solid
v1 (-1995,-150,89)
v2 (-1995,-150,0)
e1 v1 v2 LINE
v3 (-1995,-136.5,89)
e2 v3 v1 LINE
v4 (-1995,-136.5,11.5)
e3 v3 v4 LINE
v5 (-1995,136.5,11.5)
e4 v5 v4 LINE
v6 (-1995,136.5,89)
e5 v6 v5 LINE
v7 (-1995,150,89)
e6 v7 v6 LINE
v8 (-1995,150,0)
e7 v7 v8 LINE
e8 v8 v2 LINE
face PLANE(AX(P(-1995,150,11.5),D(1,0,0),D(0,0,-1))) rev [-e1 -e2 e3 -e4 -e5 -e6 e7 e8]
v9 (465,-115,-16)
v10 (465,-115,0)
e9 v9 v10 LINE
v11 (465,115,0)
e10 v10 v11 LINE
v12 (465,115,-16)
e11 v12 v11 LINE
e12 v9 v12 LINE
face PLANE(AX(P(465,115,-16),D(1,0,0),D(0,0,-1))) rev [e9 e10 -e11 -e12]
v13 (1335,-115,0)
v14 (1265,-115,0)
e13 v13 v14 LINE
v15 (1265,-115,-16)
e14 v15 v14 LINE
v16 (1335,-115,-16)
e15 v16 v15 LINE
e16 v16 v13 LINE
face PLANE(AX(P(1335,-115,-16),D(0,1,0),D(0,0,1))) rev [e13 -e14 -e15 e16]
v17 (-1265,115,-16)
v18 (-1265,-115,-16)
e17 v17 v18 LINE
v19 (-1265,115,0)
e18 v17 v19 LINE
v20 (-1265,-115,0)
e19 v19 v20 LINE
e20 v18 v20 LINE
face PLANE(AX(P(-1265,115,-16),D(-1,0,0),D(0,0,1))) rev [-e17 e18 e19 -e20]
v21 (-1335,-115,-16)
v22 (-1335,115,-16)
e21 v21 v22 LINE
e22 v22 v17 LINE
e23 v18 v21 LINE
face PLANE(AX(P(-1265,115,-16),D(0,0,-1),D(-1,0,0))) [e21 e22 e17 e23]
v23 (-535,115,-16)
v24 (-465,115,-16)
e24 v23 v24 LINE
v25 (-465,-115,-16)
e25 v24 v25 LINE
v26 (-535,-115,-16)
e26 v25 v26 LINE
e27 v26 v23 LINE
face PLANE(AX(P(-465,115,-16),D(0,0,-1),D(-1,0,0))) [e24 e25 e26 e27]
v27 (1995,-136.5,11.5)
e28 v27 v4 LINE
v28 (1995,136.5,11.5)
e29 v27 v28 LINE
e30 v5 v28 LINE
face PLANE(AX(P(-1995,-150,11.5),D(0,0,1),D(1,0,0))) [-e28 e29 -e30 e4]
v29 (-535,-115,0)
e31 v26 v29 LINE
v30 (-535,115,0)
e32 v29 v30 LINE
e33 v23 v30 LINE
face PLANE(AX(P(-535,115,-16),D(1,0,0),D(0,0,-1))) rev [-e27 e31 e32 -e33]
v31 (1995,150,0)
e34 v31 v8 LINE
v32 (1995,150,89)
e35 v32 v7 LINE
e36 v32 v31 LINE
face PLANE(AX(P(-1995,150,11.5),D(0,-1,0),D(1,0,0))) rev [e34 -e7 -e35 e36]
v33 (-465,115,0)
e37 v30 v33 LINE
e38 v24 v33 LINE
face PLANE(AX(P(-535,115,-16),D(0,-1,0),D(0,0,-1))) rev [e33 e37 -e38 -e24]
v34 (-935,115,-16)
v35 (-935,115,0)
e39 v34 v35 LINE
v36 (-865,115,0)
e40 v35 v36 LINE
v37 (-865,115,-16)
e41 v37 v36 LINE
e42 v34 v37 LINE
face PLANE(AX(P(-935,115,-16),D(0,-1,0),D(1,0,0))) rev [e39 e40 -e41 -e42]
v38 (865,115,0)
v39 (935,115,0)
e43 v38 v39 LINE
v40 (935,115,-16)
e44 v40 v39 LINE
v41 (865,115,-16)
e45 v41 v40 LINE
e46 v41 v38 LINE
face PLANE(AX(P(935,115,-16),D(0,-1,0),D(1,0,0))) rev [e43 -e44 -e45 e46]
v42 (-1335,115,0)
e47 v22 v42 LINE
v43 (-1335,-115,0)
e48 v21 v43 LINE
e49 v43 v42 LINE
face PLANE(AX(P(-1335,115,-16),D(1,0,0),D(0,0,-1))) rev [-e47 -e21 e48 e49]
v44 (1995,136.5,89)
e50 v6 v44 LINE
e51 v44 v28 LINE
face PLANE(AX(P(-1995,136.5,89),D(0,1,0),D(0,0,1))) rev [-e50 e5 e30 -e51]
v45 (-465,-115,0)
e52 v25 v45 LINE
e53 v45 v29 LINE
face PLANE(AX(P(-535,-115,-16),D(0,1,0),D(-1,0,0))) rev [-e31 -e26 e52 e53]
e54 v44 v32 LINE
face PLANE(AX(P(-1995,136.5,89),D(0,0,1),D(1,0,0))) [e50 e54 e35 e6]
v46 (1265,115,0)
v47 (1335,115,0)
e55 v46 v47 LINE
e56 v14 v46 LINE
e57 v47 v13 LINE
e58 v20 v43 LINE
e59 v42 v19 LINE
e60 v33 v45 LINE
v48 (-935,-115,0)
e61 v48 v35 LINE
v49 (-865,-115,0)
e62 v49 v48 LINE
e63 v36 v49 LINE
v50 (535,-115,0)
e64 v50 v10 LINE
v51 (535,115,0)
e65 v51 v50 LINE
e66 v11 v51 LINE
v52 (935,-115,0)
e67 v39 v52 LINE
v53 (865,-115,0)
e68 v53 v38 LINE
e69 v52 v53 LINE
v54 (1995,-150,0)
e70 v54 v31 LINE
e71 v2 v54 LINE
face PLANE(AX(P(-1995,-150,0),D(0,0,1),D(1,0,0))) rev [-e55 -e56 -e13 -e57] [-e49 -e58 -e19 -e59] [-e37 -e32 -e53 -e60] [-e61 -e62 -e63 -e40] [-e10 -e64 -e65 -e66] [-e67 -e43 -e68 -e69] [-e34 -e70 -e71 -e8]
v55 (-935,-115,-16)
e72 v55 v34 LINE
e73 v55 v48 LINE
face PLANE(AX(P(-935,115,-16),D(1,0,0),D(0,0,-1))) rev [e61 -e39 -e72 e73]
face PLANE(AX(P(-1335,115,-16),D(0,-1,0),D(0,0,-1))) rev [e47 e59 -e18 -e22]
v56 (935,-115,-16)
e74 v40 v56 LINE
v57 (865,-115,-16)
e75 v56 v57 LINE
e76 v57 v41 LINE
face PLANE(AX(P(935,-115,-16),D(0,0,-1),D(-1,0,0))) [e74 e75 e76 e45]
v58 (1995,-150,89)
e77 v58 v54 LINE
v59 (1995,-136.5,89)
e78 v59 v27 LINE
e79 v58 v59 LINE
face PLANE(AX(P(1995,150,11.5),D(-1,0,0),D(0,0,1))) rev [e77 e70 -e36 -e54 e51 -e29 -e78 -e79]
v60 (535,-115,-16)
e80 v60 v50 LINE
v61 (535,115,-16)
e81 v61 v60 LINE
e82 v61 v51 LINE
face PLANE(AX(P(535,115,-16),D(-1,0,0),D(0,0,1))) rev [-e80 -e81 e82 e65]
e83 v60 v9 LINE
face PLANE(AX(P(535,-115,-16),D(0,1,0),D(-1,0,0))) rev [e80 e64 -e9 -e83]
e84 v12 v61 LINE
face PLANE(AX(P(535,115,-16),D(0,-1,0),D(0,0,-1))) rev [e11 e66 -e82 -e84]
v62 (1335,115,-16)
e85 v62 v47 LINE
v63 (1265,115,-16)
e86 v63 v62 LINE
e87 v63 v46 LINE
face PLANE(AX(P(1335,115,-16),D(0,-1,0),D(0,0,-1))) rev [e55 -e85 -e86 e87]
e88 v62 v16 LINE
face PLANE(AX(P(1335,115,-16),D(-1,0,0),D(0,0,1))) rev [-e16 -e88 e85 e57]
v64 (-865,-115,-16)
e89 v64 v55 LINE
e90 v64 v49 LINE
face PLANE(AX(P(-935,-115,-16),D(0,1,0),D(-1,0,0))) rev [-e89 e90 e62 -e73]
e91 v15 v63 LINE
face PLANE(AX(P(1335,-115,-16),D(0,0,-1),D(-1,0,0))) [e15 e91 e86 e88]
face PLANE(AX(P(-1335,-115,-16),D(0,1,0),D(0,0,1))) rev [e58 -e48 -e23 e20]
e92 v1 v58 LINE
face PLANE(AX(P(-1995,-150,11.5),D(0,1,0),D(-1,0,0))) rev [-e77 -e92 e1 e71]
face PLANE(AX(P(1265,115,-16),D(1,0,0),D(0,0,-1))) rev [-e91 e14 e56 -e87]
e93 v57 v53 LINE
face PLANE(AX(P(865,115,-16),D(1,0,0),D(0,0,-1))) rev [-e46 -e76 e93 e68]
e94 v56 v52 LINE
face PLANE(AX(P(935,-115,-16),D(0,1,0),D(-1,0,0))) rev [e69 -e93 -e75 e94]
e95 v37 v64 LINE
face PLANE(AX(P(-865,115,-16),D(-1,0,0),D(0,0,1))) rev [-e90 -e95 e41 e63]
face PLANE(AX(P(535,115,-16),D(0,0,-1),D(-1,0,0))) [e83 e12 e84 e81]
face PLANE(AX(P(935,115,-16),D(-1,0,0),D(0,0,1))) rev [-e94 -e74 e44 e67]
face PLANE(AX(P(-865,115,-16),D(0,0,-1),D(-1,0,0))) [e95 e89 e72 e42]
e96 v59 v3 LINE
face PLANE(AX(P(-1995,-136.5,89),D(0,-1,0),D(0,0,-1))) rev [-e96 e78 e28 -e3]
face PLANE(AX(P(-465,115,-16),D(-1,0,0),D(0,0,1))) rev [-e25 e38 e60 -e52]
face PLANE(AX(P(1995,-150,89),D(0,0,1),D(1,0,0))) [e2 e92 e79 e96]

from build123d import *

# Parameters (mm, degrees)
SKETCH_1_W          = 3990
SKETCH_1_H          = 300
SKETCH_1_R          = 13
EXTRUDE_771_DEPTH   = 11.5
SKETCH_2_W          = 3990
SKETCH_2_H          = 13.5
EXTRUDE_1_DEPTH     = 77.5
SKETCH_3_W          = 70
SKETCH_3_H          = 230
EXTRUDE_2_DEPTH     = 16
SKETCH_4_R          = 13
CUT_EXTRUDE_1_DEPTH = 2004.38463606
SKETCH_5_W          = 3990
SKETCH_5_H          = 273
EXTRUDE_3_DEPTH     = 11.5
SKETCH_6_W          = 70
SKETCH_6_H          = 230
EXTRUDE_4_DEPTH     = 16


with BuildPart() as part:
    # 草图1 → Extrude 771 (new body)
    with BuildSketch(Plane.XY):
        Rectangle(SKETCH_1_W, SKETCH_1_H)
        with Locations((1940, 0)):
            Circle(SKETCH_1_R, mode=Mode.SUBTRACT)
        with Locations((1860, 0)):
            Circle(SKETCH_1_R, mode=Mode.SUBTRACT)
        with Locations((1780, 0)):
            Circle(SKETCH_1_R, mode=Mode.SUBTRACT)
        with Locations((1700, 0)):
            Circle(SKETCH_1_R, mode=Mode.SUBTRACT)
        with Locations((1700, 80)):
            Circle(SKETCH_1_R, mode=Mode.SUBTRACT)
        with Locations((1780, 80)):
            Circle(SKETCH_1_R, mode=Mode.SUBTRACT)
        with Locations((1860, 80)):
            Circle(SKETCH_1_R, mode=Mode.SUBTRACT)
        with Locations((1940, 80)):
            Circle(SKETCH_1_R, mode=Mode.SUBTRACT)
        with Locations(Location((1940, -80, 0), (0, 0, 180))):
            Circle(SKETCH_1_R, mode=Mode.SUBTRACT)
        with Locations(Location((1860, -80, 0), (0, 0, 180))):
            Circle(SKETCH_1_R, mode=Mode.SUBTRACT)
        with Locations(Location((1780, -80, 0), (0, 0, 180))):
            Circle(SKETCH_1_R, mode=Mode.SUBTRACT)
        with Locations(Location((1700, -80, 0), (0, 0, 180))):
            Circle(SKETCH_1_R, mode=Mode.SUBTRACT)
        with Locations((-1700, -80)):
            Circle(SKETCH_1_R, mode=Mode.SUBTRACT)
        with Locations((-1780, -80)):
            Circle(SKETCH_1_R, mode=Mode.SUBTRACT)
        with Locations((-1860, -80)):
            Circle(SKETCH_1_R, mode=Mode.SUBTRACT)
        with Locations((-1940, -80)):
            Circle(SKETCH_1_R, mode=Mode.SUBTRACT)
        with Locations(Location((-1940, 80, 0), (0, 0, 180))):
            Circle(SKETCH_1_R, mode=Mode.SUBTRACT)
        with Locations(Location((-1860, 80, 0), (0, 0, 180))):
            Circle(SKETCH_1_R, mode=Mode.SUBTRACT)
        with Locations(Location((-1780, 80, 0), (0, 0, 180))):
            Circle(SKETCH_1_R, mode=Mode.SUBTRACT)
        with Locations(Location((-1700, 80, 0), (0, 0, 180))):
            Circle(SKETCH_1_R, mode=Mode.SUBTRACT)
        with Locations(Location((-1700, 0, 0), (0, 0, 180))):
            Circle(SKETCH_1_R, mode=Mode.SUBTRACT)
        with Locations(Location((-1780, 0, 0), (0, 0, 180))):
            Circle(SKETCH_1_R, mode=Mode.SUBTRACT)
        with Locations(Location((-1860, 0, 0), (0, 0, 180))):
            Circle(SKETCH_1_R, mode=Mode.SUBTRACT)
        with Locations(Location((-1940, 0, 0), (0, 0, 180))):
            Circle(SKETCH_1_R, mode=Mode.SUBTRACT)
        with Locations((60, 80)):
            Circle(SKETCH_1_R, mode=Mode.SUBTRACT)
        with Locations((140, 80)):
            Circle(SKETCH_1_R, mode=Mode.SUBTRACT)
        with Locations(Location((140, -80, 0), (0, 0, 180))):
            Circle(SKETCH_1_R, mode=Mode.SUBTRACT)
        with Locations(Location((60, -80, 0), (0, 0, 180))):
            Circle(SKETCH_1_R, mode=Mode.SUBTRACT)
        with Locations((-60, -80)):
            Circle(SKETCH_1_R, mode=Mode.SUBTRACT)
        with Locations((-140, -80)):
            Circle(SKETCH_1_R, mode=Mode.SUBTRACT)
        with Locations(Location((-140, 80, 0), (0, 0, 180))):
            Circle(SKETCH_1_R, mode=Mode.SUBTRACT)
        with Locations(Location((-60, 80, 0), (0, 0, 180))):
            Circle(SKETCH_1_R, mode=Mode.SUBTRACT)
    extrude(amount=EXTRUDE_771_DEPTH)

    # 草图2 → 凸台-拉伸1 (add)
    with BuildSketch(Plane.XY.offset(11.5)):
        with Locations((0, 143.25)):
            Rectangle(SKETCH_2_W, SKETCH_2_H)
        with Locations((0, -143.25)):
            Rectangle(SKETCH_2_W, SKETCH_2_H)
    extrude(amount=EXTRUDE_1_DEPTH)

    # 草图3 → 凸台-拉伸2 (add)
    with BuildSketch(Plane(origin=(0, 0, 0), x_dir=(-1, 0, 0), z_dir=(0, 0, -1))):
        with Locations((-1300, 0)):
            Rectangle(SKETCH_3_W, SKETCH_3_H)
        with Locations((-900, 0)):
            Rectangle(SKETCH_3_W, SKETCH_3_H)
        with Locations((-500, 0)):
            Rectangle(SKETCH_3_W, SKETCH_3_H)
        with Locations((500, 0)):
            Rectangle(SKETCH_3_W, SKETCH_3_H)
        with Locations((900, 0)):
            Rectangle(SKETCH_3_W, SKETCH_3_H)
        with Locations((1300, 0)):
            Rectangle(SKETCH_3_W, SKETCH_3_H)
    extrude(amount=EXTRUDE_2_DEPTH)

    # 草图4 → 切除-拉伸1 (cut, through all)
    with BuildSketch(Plane(origin=(0, 0, -16), x_dir=(-1, 0, 0), z_dir=(0, 0, -1))):
        with Locations((-1300, 0)):
            Circle(SKETCH_4_R)
        with Locations((-1300, 80)):
            Circle(SKETCH_4_R)
        with Locations((-900, 80)):
            Circle(SKETCH_4_R)
        with Locations((-900, 0)):
            Circle(SKETCH_4_R)
        with Locations((-500, 80)):
            Circle(SKETCH_4_R)
        with Locations((-500, 0)):
            Circle(SKETCH_4_R)
        with Locations(Location((-500, -80, 0), (0, 0, 180))):
            Circle(SKETCH_4_R)
        with Locations(Location((-900, -80, 0), (0, 0, 180))):
            Circle(SKETCH_4_R)
        with Locations(Location((-1300, -80, 0), (0, 0, 180))):
            Circle(SKETCH_4_R)
        with Locations((1300, -80)):
            Circle(SKETCH_4_R)
        with Locations((900, -80)):
            Circle(SKETCH_4_R)
        with Locations((500, -80)):
            Circle(SKETCH_4_R)
        with Locations(Location((500, 0, 0), (0, 0, 180))):
            Circle(SKETCH_4_R)
        with Locations(Location((500, 80, 0), (0, 0, 180))):
            Circle(SKETCH_4_R)
        with Locations(Location((900, 0, 0), (0, 0, 180))):
            Circle(SKETCH_4_R)
        with Locations(Location((900, 80, 0), (0, 0, 180))):
            Circle(SKETCH_4_R)
        with Locations(Location((1300, 80, 0), (0, 0, 180))):
            Circle(SKETCH_4_R)
        with Locations(Location((1300, 0, 0), (0, 0, 180))):
            Circle(SKETCH_4_R)
    extrude(amount=-CUT_EXTRUDE_1_DEPTH, mode=Mode.SUBTRACT)

    # 草图5 → 凸台-拉伸3 (add)
    with BuildSketch(Plane.XY.offset(11.5)):
        Rectangle(SKETCH_5_W, SKETCH_5_H)
    extrude(amount=-EXTRUDE_3_DEPTH)

    # 草图6 → 凸台-拉伸4 (add)
    with BuildSketch(Plane(origin=(0, 0, 0), x_dir=(-1, 0, 0), z_dir=(0, 0, -1))):
        with Locations((-1300, 0)):
            Rectangle(SKETCH_6_W, SKETCH_6_H)
        with Locations((-900, 0)):
            Rectangle(SKETCH_6_W, SKETCH_6_H)
        with Locations((-500, 0)):
            Rectangle(SKETCH_6_W, SKETCH_6_H)
        with Locations((500, 0)):
            Rectangle(SKETCH_6_W, SKETCH_6_H)
        with Locations((900, 0)):
            Rectangle(SKETCH_6_W, SKETCH_6_H)
        with Locations((1300, 0)):
            Rectangle(SKETCH_6_W, SKETCH_6_H)
    extrude(amount=EXTRUDE_4_DEPTH)


solid = part.part
